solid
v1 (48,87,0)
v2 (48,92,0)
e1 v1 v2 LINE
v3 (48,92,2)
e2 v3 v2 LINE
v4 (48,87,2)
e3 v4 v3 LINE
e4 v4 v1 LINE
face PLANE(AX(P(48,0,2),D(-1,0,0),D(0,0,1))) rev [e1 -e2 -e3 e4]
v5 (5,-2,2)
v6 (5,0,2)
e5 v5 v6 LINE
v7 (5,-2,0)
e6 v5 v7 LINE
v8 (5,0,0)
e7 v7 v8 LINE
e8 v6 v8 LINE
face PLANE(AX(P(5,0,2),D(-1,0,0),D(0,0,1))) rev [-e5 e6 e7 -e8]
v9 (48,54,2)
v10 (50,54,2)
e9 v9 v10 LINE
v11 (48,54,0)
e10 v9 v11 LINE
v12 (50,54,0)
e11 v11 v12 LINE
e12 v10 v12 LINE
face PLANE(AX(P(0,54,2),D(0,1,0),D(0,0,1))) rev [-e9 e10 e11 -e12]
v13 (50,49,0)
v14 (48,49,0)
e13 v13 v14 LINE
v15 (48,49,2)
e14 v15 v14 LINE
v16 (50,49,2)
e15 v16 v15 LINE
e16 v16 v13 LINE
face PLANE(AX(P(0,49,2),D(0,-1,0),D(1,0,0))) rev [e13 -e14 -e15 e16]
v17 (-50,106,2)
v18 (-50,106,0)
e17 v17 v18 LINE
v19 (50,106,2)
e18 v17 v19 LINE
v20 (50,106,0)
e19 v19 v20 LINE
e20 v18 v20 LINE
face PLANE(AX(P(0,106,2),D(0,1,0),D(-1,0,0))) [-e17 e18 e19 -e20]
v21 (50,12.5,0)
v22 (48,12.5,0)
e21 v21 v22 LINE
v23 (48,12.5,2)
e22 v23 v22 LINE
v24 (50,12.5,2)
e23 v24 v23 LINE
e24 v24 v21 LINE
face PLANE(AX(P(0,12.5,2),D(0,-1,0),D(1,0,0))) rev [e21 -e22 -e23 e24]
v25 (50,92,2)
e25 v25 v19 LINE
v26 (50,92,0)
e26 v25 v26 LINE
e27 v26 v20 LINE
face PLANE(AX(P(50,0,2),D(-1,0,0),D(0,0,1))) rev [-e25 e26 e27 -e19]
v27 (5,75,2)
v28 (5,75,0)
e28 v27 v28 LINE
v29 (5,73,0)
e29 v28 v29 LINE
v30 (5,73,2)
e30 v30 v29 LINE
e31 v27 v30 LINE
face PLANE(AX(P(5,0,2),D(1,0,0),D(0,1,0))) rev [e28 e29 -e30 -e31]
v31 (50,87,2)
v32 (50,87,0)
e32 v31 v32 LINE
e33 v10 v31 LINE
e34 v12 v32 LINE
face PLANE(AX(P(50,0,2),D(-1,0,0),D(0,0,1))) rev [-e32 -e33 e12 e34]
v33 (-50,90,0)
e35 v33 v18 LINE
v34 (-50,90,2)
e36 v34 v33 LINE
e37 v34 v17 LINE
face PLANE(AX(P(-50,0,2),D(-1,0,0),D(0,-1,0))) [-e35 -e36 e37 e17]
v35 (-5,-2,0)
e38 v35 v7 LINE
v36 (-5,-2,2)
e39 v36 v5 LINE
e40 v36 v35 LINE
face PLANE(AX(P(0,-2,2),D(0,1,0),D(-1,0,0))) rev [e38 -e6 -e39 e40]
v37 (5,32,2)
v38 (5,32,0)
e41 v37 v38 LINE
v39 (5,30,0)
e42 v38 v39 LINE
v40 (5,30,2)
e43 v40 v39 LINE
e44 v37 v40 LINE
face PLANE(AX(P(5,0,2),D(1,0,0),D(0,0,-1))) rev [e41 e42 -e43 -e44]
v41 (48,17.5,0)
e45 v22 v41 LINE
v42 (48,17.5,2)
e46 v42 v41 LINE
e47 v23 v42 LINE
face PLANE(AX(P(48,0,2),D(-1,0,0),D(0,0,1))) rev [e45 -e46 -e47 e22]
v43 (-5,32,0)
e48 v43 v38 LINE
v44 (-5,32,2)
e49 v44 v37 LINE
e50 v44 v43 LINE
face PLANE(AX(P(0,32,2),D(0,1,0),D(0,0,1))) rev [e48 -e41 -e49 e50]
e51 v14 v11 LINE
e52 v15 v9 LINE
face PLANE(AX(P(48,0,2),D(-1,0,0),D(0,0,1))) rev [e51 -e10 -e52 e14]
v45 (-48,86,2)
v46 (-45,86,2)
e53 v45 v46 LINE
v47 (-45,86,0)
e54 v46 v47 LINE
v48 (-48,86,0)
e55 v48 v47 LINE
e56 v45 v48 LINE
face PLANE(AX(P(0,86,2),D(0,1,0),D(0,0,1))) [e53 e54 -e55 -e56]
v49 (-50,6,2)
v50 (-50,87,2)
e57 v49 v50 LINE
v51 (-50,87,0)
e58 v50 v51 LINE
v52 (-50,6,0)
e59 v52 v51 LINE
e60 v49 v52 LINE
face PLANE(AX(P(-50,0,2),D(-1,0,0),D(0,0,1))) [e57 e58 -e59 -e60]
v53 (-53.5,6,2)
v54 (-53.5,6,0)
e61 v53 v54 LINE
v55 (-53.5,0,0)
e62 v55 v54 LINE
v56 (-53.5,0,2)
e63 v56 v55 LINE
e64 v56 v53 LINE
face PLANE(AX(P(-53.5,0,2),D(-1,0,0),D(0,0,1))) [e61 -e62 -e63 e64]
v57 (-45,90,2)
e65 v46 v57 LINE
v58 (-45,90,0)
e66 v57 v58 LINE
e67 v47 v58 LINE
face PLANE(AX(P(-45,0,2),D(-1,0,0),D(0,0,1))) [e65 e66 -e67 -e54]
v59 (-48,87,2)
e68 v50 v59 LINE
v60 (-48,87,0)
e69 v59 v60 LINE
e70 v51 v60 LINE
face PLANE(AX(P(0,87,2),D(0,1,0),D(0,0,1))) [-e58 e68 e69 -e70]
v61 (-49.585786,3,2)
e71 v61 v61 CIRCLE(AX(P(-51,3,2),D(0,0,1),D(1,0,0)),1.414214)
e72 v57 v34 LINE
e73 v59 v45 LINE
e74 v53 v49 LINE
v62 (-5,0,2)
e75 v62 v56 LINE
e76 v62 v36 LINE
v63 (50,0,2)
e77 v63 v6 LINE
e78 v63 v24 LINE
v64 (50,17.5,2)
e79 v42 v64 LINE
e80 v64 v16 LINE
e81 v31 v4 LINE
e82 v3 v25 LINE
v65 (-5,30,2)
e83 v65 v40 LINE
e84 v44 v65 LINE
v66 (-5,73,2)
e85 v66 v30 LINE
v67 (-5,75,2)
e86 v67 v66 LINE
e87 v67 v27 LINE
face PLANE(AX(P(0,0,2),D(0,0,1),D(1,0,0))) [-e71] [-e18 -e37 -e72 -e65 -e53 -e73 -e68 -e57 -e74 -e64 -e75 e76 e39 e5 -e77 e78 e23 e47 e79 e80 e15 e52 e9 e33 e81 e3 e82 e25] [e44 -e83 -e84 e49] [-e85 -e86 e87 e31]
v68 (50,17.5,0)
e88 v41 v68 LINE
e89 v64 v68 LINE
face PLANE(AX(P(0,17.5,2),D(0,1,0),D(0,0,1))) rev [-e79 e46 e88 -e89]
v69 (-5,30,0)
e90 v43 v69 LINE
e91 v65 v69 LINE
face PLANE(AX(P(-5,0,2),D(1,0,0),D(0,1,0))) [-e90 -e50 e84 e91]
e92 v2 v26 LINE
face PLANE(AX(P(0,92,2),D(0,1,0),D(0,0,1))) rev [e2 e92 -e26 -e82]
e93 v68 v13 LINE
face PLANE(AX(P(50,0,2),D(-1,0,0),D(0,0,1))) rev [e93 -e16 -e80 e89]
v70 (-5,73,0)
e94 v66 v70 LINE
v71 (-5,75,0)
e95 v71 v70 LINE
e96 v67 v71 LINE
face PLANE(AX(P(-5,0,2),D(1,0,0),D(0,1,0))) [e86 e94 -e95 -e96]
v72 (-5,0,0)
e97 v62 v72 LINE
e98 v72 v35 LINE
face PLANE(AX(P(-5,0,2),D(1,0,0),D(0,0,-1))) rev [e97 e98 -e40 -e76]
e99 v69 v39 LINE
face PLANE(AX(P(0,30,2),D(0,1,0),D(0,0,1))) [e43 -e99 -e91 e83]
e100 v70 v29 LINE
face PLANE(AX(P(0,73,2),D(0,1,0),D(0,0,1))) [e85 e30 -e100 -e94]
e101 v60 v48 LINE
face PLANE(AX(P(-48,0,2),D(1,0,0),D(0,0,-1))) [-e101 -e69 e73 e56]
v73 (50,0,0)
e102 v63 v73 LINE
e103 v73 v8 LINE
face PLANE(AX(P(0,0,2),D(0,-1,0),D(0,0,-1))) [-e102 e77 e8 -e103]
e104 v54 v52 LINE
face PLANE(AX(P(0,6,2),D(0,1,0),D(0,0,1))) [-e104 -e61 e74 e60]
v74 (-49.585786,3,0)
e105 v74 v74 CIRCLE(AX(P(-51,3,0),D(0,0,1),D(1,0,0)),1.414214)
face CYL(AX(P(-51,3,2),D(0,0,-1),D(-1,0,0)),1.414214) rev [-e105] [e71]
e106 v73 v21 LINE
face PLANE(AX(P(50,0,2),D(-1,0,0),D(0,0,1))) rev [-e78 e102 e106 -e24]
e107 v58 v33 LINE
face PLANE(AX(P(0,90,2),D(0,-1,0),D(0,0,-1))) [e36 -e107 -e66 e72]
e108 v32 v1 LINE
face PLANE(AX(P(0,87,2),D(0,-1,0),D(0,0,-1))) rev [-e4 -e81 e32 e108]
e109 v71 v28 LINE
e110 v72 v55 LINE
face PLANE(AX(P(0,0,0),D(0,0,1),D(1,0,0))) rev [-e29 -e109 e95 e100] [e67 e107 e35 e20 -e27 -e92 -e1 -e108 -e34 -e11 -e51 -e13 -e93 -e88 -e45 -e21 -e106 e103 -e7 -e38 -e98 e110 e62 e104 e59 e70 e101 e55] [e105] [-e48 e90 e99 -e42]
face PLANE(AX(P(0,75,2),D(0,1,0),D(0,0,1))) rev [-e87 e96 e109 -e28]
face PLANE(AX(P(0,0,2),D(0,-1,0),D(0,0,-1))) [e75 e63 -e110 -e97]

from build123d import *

# Parameters (mm, degrees)
SKETCH1_R           = 1.414213562
SKETCH1_W           = 10
SKETCH1_H           = 2
BOSS_EXTRUDE1_DEPTH = 2


with BuildPart() as part:
    # Sketch1 → Boss-Extrude1 (new body)
    with BuildSketch(Plane.XY):
        Polygon((-53.5, 0), (-50, 0), (-5, 0), (5, 0), (50, 0), (50, 12.5), (48, 12.5), (48, 17.5), (50, 17.5), (50, 30), (50, 49), (48, 49), (48, 54), (50, 54), (50, 73), (50, 87), (48, 87), (48, 92), (50, 92), (50, 106), (-50, 106), (-50, 90), (-45, 90), (-45, 87), (-45, 86), (-48, 86), (-48, 87), (-50, 87), (-50, 6), (-53.5, 6), align=None)
        with Locations((-51, 3)):
            Circle(SKETCH1_R, mode=Mode.SUBTRACT)
        with Locations((0, 31)):
            Rectangle(SKETCH1_W, SKETCH1_H, mode=Mode.SUBTRACT)
        with Locations((0, 74)):
            Rectangle(SKETCH1_W, SKETCH1_H, mode=Mode.SUBTRACT)
        with Locations((0, -1)):
            Rectangle(SKETCH1_W, SKETCH1_H)
    extrude(amount=BOSS_EXTRUDE1_DEPTH)


solid = part.part
